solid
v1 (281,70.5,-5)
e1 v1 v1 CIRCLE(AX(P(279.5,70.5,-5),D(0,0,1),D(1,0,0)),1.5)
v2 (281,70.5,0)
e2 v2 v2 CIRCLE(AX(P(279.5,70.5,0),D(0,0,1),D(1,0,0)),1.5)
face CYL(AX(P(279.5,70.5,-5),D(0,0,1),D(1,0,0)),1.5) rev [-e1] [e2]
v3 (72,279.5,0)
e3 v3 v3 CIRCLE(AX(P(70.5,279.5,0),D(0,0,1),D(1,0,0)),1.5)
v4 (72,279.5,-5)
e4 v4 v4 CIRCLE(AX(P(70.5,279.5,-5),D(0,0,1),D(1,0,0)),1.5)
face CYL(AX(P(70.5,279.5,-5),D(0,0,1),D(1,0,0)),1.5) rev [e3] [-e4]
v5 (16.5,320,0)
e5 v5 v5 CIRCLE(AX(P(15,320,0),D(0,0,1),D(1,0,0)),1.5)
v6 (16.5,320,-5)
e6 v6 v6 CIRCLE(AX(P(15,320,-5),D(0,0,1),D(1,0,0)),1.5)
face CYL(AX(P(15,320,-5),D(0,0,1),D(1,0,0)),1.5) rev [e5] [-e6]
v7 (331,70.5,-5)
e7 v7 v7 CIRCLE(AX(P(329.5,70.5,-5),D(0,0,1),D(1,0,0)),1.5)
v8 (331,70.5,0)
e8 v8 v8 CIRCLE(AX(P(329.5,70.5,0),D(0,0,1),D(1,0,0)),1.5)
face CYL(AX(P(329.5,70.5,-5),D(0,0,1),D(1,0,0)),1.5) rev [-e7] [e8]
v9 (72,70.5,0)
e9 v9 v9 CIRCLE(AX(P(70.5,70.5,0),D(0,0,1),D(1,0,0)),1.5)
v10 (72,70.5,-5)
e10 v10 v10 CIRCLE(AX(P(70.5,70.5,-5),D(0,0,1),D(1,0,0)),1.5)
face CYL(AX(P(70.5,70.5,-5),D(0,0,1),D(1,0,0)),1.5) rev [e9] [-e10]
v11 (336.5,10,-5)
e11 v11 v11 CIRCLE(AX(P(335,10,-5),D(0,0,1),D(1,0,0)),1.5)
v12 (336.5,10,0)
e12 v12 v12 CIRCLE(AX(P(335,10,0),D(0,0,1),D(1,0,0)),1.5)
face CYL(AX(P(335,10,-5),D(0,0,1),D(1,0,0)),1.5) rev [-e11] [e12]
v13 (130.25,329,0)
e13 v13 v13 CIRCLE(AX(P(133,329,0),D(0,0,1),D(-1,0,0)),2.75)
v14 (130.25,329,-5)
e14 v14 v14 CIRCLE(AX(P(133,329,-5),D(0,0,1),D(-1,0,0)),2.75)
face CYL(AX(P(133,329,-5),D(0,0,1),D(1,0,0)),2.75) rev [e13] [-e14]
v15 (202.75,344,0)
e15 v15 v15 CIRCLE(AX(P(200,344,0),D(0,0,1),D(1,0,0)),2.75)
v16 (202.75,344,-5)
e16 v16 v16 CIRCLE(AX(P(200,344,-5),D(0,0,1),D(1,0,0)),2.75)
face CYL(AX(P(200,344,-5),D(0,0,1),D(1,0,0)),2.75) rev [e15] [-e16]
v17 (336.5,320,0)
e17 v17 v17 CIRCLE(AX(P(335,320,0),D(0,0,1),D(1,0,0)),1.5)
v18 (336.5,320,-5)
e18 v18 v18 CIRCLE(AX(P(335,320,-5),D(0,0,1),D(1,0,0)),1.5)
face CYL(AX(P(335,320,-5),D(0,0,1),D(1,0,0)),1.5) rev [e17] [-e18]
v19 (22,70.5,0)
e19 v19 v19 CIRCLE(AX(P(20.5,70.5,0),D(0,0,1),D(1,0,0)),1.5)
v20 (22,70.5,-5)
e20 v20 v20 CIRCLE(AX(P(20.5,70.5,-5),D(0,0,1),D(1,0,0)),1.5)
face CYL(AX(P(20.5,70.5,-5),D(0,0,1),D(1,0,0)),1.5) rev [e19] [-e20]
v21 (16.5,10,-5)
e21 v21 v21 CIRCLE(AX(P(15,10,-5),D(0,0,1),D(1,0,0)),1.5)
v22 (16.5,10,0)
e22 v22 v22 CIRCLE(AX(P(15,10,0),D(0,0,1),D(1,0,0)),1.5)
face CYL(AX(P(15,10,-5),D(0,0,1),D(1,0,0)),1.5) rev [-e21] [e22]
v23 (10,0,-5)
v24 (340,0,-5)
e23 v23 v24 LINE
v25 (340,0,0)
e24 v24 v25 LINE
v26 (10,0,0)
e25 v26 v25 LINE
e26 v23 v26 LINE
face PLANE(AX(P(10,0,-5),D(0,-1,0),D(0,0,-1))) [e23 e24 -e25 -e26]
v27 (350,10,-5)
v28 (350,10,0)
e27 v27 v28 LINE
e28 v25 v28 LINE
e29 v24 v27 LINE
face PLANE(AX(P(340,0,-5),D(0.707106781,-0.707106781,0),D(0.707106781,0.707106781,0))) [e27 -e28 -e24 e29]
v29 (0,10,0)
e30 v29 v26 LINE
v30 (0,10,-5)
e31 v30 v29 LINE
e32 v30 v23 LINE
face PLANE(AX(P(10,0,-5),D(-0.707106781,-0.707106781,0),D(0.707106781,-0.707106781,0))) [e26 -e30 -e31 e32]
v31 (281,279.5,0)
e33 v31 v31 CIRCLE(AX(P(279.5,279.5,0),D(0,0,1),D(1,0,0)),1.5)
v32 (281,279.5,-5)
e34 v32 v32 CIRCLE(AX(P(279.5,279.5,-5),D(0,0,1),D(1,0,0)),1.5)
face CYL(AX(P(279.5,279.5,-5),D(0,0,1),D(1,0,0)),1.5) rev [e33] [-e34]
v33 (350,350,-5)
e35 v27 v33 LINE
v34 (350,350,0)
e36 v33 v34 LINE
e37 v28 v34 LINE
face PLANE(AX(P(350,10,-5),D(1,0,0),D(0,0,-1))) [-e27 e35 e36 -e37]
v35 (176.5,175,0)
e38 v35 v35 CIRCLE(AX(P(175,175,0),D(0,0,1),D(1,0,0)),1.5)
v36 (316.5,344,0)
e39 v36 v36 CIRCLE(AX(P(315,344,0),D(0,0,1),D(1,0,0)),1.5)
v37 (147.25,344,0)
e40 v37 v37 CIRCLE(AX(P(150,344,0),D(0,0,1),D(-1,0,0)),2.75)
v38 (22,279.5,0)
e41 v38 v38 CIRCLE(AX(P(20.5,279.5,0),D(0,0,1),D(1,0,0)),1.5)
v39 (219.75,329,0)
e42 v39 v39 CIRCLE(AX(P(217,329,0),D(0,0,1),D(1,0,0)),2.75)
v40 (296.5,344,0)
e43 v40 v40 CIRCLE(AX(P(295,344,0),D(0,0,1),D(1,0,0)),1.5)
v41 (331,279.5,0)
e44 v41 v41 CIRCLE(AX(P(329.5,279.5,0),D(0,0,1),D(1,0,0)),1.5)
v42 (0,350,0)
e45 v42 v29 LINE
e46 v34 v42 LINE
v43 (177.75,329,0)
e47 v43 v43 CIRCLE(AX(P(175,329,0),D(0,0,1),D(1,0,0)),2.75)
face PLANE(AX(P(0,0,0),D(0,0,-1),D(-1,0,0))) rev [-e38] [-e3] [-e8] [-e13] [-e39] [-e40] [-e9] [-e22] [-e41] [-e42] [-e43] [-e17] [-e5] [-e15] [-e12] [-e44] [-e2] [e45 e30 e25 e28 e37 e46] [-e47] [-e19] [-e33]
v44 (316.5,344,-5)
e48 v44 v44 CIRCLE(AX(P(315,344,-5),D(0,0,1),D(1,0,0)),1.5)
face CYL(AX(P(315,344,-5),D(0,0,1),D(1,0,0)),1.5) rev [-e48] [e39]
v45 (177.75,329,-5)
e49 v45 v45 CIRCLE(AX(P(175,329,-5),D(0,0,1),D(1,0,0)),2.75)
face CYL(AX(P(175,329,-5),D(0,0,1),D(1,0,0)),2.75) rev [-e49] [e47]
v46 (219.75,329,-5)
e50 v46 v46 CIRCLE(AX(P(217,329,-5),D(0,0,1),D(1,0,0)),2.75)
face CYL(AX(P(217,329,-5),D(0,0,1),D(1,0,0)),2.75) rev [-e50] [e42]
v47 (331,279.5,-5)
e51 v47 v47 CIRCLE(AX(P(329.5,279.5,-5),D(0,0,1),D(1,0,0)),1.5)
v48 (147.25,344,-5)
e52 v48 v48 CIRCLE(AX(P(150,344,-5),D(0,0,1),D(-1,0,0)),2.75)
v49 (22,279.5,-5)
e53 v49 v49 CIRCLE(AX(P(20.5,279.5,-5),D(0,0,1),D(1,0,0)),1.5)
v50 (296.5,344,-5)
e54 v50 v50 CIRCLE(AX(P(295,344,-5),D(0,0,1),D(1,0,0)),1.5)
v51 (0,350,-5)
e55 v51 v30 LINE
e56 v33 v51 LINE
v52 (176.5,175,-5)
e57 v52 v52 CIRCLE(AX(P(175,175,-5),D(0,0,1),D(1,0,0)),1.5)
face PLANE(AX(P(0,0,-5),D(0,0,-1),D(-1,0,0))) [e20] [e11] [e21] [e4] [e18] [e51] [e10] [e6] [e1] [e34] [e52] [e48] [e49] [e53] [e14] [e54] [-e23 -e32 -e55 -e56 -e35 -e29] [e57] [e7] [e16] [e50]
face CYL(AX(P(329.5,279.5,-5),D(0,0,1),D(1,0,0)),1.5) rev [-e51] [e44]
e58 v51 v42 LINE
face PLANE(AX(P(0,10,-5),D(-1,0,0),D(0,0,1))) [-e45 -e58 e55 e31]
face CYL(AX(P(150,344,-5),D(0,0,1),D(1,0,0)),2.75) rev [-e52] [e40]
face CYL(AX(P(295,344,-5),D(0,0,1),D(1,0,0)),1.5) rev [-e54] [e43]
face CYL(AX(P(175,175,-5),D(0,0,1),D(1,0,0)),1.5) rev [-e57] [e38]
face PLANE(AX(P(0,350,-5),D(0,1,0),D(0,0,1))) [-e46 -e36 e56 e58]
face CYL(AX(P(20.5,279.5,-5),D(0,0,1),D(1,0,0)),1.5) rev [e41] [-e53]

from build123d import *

# Parameters (mm, degrees)
SCHIZZO13_R                  = 1.5
SCHIZZO13_R_2                = 2.75
ESTRUSIONE_ESTRUSIONE2_DEPTH = 5


with BuildPart() as part:
    # Schizzo13 → Estrusione-Estrusione2 (new body)
    with BuildSketch(Plane.XY):
        Polygon((10, 0), (340, 0), (350, 10), (350, 350), (0, 350), (0, 10), align=None)
        with Locations((15, 320)):
            Circle(SCHIZZO13_R, mode=Mode.SUBTRACT)
        with Locations((20.5, 279.5)):
            Circle(SCHIZZO13_R, mode=Mode.SUBTRACT)
        with Locations((70.5, 279.5)):
            Circle(SCHIZZO13_R, mode=Mode.SUBTRACT)
        with Locations((175, 175)):
            Circle(SCHIZZO13_R, mode=Mode.SUBTRACT)
        with Locations((20.5, 70.5)):
            Circle(SCHIZZO13_R, mode=Mode.SUBTRACT)
        with Locations((200, 344)):
            Circle(SCHIZZO13_R_2, mode=Mode.SUBTRACT)
        with Locations((150, 344)):
            Circle(SCHIZZO13_R_2, mode=Mode.SUBTRACT)
        with Locations((175, 329)):
            Circle(SCHIZZO13_R_2, mode=Mode.SUBTRACT)
        with Locations((217, 329)):
            Circle(SCHIZZO13_R_2, mode=Mode.SUBTRACT)
        with Locations((133, 329)):
            Circle(SCHIZZO13_R_2, mode=Mode.SUBTRACT)
        with Locations((70.5, 70.5)):
            Circle(SCHIZZO13_R, mode=Mode.SUBTRACT)
        with Locations((279.5, 70.5)):
            Circle(SCHIZZO13_R, mode=Mode.SUBTRACT)
        with Locations((329.5, 70.5)):
            Circle(SCHIZZO13_R, mode=Mode.SUBTRACT)
        with Locations((335, 10)):
            Circle(SCHIZZO13_R, mode=Mode.SUBTRACT)
        with Locations((15, 10)):
            Circle(SCHIZZO13_R, mode=Mode.SUBTRACT)
        with Locations((279.5, 279.5)):
            Circle(SCHIZZO13_R, mode=Mode.SUBTRACT)
        with Locations((329.5, 279.5)):
            Circle(SCHIZZO13_R, mode=Mode.SUBTRACT)
        with Locations((335, 320)):
            Circle(SCHIZZO13_R, mode=Mode.SUBTRACT)
        with Locations((295, 344)):
            Circle(SCHIZZO13_R, mode=Mode.SUBTRACT)
        with Locations((315, 344)):
            Circle(SCHIZZO13_R, mode=Mode.SUBTRACT)
    extrude(amount=-ESTRUSIONE_ESTRUSIONE2_DEPTH)


solid = part.part
